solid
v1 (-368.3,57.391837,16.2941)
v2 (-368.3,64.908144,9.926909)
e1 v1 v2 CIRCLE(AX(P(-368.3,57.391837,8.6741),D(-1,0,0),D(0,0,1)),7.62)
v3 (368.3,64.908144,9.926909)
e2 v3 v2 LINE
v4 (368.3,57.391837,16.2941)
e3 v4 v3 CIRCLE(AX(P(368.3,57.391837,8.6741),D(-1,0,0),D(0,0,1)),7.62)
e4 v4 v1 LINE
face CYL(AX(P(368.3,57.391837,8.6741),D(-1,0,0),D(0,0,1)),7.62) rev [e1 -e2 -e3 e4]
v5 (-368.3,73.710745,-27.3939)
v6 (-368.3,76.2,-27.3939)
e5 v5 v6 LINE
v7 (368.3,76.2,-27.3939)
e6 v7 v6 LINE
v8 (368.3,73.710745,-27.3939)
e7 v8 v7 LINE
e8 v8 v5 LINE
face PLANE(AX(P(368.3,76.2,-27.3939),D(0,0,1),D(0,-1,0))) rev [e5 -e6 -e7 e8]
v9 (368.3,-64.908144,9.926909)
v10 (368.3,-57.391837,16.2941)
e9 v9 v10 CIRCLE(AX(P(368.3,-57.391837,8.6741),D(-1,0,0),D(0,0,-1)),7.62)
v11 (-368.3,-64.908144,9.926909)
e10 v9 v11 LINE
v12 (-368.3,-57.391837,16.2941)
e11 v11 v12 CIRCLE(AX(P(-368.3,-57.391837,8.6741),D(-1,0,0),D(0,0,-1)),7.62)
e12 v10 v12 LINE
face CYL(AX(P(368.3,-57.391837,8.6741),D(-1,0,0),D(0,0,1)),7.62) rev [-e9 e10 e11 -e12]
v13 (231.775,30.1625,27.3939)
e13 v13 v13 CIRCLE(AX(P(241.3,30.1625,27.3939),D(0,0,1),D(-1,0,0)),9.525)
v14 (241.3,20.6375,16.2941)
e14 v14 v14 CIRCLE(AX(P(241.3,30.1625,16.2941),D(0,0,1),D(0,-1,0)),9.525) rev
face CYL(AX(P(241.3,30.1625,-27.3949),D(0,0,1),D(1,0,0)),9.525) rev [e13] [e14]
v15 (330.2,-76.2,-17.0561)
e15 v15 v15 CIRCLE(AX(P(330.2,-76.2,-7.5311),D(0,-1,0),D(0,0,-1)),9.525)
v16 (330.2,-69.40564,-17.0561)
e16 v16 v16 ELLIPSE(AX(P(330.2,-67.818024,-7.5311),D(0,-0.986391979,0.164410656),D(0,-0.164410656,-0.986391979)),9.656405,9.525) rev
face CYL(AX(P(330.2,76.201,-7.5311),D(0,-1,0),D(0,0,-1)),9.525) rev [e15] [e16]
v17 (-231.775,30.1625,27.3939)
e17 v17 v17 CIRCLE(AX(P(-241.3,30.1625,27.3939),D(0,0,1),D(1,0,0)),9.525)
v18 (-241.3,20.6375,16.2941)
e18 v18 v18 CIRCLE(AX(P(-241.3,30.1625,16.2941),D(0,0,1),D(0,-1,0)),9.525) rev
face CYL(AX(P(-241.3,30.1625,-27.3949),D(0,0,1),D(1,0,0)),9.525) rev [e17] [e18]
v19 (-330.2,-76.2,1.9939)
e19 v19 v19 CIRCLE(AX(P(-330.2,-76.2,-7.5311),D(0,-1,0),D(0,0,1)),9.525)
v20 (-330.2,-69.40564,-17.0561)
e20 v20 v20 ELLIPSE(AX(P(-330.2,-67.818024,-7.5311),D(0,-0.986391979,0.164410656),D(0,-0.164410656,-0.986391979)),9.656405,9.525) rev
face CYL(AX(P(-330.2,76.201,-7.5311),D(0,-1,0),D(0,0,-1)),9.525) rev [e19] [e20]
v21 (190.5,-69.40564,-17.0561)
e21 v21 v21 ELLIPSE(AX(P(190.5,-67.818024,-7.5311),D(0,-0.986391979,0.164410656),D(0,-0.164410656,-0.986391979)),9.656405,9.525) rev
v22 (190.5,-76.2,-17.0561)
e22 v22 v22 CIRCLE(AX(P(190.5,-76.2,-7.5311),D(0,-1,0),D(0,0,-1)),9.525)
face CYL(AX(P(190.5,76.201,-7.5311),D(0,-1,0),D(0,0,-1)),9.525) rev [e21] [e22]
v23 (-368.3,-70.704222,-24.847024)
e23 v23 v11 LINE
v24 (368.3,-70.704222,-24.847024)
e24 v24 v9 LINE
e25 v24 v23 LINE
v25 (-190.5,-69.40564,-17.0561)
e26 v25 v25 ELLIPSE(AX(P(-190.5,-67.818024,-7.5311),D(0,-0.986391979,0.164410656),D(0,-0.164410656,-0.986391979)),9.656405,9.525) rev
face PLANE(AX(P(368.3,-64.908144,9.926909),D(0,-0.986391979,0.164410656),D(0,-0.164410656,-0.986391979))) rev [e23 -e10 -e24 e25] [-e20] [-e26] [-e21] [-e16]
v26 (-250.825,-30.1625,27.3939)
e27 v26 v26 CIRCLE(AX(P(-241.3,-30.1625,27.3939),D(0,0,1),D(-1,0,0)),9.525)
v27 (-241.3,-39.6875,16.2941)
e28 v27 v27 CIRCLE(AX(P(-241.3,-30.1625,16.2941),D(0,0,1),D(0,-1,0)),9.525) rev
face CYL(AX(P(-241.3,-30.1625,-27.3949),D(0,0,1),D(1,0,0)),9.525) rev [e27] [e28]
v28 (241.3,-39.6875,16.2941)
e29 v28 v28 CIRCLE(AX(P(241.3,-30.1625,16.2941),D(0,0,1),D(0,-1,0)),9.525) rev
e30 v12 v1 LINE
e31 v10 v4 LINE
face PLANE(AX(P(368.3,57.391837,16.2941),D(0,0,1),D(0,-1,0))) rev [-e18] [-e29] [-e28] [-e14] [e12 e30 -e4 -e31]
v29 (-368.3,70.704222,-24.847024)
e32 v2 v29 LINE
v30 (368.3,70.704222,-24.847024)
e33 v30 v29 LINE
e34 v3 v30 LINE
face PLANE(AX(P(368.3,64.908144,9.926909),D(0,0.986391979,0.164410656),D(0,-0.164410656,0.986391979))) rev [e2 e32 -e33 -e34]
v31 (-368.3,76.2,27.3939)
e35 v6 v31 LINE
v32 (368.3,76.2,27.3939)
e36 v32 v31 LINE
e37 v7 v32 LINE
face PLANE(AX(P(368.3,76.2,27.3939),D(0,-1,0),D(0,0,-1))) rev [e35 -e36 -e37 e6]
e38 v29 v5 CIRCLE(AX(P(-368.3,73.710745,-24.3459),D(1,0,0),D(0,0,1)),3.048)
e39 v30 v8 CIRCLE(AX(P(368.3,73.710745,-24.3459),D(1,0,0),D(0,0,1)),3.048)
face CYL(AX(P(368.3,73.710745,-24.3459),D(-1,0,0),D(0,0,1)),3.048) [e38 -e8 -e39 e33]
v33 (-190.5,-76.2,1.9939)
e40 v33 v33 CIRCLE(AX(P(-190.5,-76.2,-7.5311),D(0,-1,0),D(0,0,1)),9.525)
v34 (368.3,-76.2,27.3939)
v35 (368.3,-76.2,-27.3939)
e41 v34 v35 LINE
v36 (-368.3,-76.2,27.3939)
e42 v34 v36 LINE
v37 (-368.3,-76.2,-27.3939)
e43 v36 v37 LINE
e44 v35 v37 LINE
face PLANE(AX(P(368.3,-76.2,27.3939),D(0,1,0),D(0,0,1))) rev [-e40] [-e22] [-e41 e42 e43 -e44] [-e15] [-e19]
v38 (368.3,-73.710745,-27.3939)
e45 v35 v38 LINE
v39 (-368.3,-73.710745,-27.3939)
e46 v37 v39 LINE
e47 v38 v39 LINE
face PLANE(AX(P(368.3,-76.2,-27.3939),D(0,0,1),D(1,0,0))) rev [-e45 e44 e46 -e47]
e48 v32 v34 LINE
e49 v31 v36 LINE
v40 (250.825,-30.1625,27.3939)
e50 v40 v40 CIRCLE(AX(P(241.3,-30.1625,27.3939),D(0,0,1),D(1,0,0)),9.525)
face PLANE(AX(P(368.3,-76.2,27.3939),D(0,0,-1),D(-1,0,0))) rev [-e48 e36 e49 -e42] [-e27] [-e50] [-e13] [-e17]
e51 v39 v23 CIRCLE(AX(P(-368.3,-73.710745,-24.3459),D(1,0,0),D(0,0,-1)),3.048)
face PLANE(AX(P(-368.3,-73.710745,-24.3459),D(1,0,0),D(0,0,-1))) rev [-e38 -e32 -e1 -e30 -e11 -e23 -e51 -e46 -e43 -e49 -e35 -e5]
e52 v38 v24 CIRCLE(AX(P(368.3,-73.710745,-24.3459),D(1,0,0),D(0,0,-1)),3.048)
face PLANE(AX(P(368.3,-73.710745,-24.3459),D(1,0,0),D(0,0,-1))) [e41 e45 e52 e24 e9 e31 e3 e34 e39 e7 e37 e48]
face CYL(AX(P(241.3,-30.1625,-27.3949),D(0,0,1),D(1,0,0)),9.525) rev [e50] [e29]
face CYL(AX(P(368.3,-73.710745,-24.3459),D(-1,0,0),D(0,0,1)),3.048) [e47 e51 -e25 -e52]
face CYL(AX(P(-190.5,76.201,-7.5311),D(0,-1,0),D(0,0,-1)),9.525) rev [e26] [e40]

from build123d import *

# Parameters (mm, degrees)
BOSS_EXTRUDE1_DEPTH = 368.3
CUT_EXTRUDE1_REACH  = 154.4
SKETCH2_R           = 9.525
CUT_EXTRUDE2_REACH  = 56.788
SKETCH3_R           = 9.525


with BuildPart() as part:
    # Sketch1 → Boss-Extrude1 (new body, symmetric)
    with BuildSketch(Plane(origin=(0, 0, 0), x_dir=(0, 0, -1), z_dir=(1, 0, 0))):
        with BuildLine():
            Line((-27.3939, -76.2), (-27.3939, 76.2))
            Line((-27.3939, 76.2), (27.3939, 76.2))
            Line((27.3939, 76.2), (27.3939, 73.710744653))
            ThreePointArc((27.3939, 73.710744653), (26.67159656, 71.740607726), (24.84702368, 70.704221901))
            Line((24.84702368, 70.704221901), (-9.926909199, 64.908143628))
            ThreePointArc((-9.926909199, 64.908143628), (-14.488341399, 62.317179067), (-16.2941, 57.391836749))
            Line((-16.2941, 57.391836749), (-16.2941, -57.391836749))
            ThreePointArc((-16.2941, -57.391836749), (-14.488341399, -62.317179067), (-9.926909199, -64.908143628))
            Line((-9.926909199, -64.908143628), (24.84702368, -70.704221901))
            ThreePointArc((24.84702368, -70.704221901), (26.67159656, -71.740607726), (27.3939, -73.710744653))
            Line((27.3939, -73.710744653), (27.3939, -76.2))
            Line((27.3939, -76.2), (-27.3939, -76.2))
        make_face()
    extrude(amount=BOSS_EXTRUDE1_DEPTH, both=True)

    # Sketch2 → Cut-Extrude1 (cut, up to next)
    with BuildSketch(Plane.XZ.offset(76.2), mode=Mode.PRIVATE) as cut_extrude1_sk1:
        with Locations((190.5, -7.5311)):
            Circle(SKETCH2_R)
    cut_extrude1_tool1 = extrude(cut_extrude1_sk1.sketch, amount=-CUT_EXTRUDE1_REACH, mode=Mode.PRIVATE) & part.part
    add(cut_extrude1_tool1.solids().sort_by_distance((190.5, -76.2, -7.5311))[0], mode=Mode.SUBTRACT)
    # Sketch2 → Cut-Extrude1 (cut, up to next)
    with BuildSketch(Plane.XZ.offset(76.2), mode=Mode.PRIVATE) as cut_extrude1_sk2:
        with Locations((-190.5, -7.5311)):
            Circle(SKETCH2_R)
    cut_extrude1_tool2 = extrude(cut_extrude1_sk2.sketch, amount=-CUT_EXTRUDE1_REACH, mode=Mode.PRIVATE) & part.part
    add(cut_extrude1_tool2.solids().sort_by_distance((-190.5, -76.2, -7.5311))[0], mode=Mode.SUBTRACT)
    # Sketch2 → Cut-Extrude1 (cut, up to next)
    with BuildSketch(Plane.XZ.offset(76.2), mode=Mode.PRIVATE) as cut_extrude1_sk3:
        with Locations((330.2, -7.5311)):
            Circle(SKETCH2_R)
    cut_extrude1_tool3 = extrude(cut_extrude1_sk3.sketch, amount=-CUT_EXTRUDE1_REACH, mode=Mode.PRIVATE) & part.part
    add(cut_extrude1_tool3.solids().sort_by_distance((330.2, -76.2, -7.5311))[0], mode=Mode.SUBTRACT)
    # Sketch2 → Cut-Extrude1 (cut, up to next)
    with BuildSketch(Plane.XZ.offset(76.2), mode=Mode.PRIVATE) as cut_extrude1_sk4:
        with Locations((-330.2, -7.5311)):
            Circle(SKETCH2_R)
    cut_extrude1_tool4 = extrude(cut_extrude1_sk4.sketch, amount=-CUT_EXTRUDE1_REACH, mode=Mode.PRIVATE) & part.part
    add(cut_extrude1_tool4.solids().sort_by_distance((-330.2, -76.2, -7.5311))[0], mode=Mode.SUBTRACT)

    # Sketch3 → Cut-Extrude2 (cut, up to next)
    with BuildSketch(Plane.XY.offset(27.3939), mode=Mode.PRIVATE) as cut_extrude2_sk1:
        with Locations((241.3, -30.1625)):
            Circle(SKETCH3_R)
    cut_extrude2_tool1 = extrude(cut_extrude2_sk1.sketch, amount=-CUT_EXTRUDE2_REACH, mode=Mode.PRIVATE) & part.part
    add(cut_extrude2_tool1.solids().sort_by_distance((241.3, -30.1625, 27.3939))[0], mode=Mode.SUBTRACT)
    # Sketch3 → Cut-Extrude2 (cut, up to next)
    with BuildSketch(Plane.XY.offset(27.3939), mode=Mode.PRIVATE) as cut_extrude2_sk2:
        with Locations((-241.3, -30.1625)):
            Circle(SKETCH3_R)
    cut_extrude2_tool2 = extrude(cut_extrude2_sk2.sketch, amount=-CUT_EXTRUDE2_REACH, mode=Mode.PRIVATE) & part.part
    add(cut_extrude2_tool2.solids().sort_by_distance((-241.3, -30.1625, 27.3939))[0], mode=Mode.SUBTRACT)
    # Sketch3 → Cut-Extrude2 (cut, up to next)
    with BuildSketch(Plane.XY.offset(27.3939), mode=Mode.PRIVATE) as cut_extrude2_sk3:
        with Locations((-241.3, 30.1625)):
            Circle(SKETCH3_R)
    cut_extrude2_tool3 = extrude(cut_extrude2_sk3.sketch, amount=-CUT_EXTRUDE2_REACH, mode=Mode.PRIVATE) & part.part
    add(cut_extrude2_tool3.solids().sort_by_distance((-241.3, 30.1625, 27.3939))[0], mode=Mode.SUBTRACT)
    # Sketch3 → Cut-Extrude2 (cut, up to next)
    with BuildSketch(Plane.XY.offset(27.3939), mode=Mode.PRIVATE) as cut_extrude2_sk4:
        with Locations((241.3, 30.1625)):
            Circle(SKETCH3_R)
    cut_extrude2_tool4 = extrude(cut_extrude2_sk4.sketch, amount=-CUT_EXTRUDE2_REACH, mode=Mode.PRIVATE) & part.part
    add(cut_extrude2_tool4.solids().sort_by_distance((241.3, 30.1625, 27.3939))[0], mode=Mode.SUBTRACT)


solid = part.part
